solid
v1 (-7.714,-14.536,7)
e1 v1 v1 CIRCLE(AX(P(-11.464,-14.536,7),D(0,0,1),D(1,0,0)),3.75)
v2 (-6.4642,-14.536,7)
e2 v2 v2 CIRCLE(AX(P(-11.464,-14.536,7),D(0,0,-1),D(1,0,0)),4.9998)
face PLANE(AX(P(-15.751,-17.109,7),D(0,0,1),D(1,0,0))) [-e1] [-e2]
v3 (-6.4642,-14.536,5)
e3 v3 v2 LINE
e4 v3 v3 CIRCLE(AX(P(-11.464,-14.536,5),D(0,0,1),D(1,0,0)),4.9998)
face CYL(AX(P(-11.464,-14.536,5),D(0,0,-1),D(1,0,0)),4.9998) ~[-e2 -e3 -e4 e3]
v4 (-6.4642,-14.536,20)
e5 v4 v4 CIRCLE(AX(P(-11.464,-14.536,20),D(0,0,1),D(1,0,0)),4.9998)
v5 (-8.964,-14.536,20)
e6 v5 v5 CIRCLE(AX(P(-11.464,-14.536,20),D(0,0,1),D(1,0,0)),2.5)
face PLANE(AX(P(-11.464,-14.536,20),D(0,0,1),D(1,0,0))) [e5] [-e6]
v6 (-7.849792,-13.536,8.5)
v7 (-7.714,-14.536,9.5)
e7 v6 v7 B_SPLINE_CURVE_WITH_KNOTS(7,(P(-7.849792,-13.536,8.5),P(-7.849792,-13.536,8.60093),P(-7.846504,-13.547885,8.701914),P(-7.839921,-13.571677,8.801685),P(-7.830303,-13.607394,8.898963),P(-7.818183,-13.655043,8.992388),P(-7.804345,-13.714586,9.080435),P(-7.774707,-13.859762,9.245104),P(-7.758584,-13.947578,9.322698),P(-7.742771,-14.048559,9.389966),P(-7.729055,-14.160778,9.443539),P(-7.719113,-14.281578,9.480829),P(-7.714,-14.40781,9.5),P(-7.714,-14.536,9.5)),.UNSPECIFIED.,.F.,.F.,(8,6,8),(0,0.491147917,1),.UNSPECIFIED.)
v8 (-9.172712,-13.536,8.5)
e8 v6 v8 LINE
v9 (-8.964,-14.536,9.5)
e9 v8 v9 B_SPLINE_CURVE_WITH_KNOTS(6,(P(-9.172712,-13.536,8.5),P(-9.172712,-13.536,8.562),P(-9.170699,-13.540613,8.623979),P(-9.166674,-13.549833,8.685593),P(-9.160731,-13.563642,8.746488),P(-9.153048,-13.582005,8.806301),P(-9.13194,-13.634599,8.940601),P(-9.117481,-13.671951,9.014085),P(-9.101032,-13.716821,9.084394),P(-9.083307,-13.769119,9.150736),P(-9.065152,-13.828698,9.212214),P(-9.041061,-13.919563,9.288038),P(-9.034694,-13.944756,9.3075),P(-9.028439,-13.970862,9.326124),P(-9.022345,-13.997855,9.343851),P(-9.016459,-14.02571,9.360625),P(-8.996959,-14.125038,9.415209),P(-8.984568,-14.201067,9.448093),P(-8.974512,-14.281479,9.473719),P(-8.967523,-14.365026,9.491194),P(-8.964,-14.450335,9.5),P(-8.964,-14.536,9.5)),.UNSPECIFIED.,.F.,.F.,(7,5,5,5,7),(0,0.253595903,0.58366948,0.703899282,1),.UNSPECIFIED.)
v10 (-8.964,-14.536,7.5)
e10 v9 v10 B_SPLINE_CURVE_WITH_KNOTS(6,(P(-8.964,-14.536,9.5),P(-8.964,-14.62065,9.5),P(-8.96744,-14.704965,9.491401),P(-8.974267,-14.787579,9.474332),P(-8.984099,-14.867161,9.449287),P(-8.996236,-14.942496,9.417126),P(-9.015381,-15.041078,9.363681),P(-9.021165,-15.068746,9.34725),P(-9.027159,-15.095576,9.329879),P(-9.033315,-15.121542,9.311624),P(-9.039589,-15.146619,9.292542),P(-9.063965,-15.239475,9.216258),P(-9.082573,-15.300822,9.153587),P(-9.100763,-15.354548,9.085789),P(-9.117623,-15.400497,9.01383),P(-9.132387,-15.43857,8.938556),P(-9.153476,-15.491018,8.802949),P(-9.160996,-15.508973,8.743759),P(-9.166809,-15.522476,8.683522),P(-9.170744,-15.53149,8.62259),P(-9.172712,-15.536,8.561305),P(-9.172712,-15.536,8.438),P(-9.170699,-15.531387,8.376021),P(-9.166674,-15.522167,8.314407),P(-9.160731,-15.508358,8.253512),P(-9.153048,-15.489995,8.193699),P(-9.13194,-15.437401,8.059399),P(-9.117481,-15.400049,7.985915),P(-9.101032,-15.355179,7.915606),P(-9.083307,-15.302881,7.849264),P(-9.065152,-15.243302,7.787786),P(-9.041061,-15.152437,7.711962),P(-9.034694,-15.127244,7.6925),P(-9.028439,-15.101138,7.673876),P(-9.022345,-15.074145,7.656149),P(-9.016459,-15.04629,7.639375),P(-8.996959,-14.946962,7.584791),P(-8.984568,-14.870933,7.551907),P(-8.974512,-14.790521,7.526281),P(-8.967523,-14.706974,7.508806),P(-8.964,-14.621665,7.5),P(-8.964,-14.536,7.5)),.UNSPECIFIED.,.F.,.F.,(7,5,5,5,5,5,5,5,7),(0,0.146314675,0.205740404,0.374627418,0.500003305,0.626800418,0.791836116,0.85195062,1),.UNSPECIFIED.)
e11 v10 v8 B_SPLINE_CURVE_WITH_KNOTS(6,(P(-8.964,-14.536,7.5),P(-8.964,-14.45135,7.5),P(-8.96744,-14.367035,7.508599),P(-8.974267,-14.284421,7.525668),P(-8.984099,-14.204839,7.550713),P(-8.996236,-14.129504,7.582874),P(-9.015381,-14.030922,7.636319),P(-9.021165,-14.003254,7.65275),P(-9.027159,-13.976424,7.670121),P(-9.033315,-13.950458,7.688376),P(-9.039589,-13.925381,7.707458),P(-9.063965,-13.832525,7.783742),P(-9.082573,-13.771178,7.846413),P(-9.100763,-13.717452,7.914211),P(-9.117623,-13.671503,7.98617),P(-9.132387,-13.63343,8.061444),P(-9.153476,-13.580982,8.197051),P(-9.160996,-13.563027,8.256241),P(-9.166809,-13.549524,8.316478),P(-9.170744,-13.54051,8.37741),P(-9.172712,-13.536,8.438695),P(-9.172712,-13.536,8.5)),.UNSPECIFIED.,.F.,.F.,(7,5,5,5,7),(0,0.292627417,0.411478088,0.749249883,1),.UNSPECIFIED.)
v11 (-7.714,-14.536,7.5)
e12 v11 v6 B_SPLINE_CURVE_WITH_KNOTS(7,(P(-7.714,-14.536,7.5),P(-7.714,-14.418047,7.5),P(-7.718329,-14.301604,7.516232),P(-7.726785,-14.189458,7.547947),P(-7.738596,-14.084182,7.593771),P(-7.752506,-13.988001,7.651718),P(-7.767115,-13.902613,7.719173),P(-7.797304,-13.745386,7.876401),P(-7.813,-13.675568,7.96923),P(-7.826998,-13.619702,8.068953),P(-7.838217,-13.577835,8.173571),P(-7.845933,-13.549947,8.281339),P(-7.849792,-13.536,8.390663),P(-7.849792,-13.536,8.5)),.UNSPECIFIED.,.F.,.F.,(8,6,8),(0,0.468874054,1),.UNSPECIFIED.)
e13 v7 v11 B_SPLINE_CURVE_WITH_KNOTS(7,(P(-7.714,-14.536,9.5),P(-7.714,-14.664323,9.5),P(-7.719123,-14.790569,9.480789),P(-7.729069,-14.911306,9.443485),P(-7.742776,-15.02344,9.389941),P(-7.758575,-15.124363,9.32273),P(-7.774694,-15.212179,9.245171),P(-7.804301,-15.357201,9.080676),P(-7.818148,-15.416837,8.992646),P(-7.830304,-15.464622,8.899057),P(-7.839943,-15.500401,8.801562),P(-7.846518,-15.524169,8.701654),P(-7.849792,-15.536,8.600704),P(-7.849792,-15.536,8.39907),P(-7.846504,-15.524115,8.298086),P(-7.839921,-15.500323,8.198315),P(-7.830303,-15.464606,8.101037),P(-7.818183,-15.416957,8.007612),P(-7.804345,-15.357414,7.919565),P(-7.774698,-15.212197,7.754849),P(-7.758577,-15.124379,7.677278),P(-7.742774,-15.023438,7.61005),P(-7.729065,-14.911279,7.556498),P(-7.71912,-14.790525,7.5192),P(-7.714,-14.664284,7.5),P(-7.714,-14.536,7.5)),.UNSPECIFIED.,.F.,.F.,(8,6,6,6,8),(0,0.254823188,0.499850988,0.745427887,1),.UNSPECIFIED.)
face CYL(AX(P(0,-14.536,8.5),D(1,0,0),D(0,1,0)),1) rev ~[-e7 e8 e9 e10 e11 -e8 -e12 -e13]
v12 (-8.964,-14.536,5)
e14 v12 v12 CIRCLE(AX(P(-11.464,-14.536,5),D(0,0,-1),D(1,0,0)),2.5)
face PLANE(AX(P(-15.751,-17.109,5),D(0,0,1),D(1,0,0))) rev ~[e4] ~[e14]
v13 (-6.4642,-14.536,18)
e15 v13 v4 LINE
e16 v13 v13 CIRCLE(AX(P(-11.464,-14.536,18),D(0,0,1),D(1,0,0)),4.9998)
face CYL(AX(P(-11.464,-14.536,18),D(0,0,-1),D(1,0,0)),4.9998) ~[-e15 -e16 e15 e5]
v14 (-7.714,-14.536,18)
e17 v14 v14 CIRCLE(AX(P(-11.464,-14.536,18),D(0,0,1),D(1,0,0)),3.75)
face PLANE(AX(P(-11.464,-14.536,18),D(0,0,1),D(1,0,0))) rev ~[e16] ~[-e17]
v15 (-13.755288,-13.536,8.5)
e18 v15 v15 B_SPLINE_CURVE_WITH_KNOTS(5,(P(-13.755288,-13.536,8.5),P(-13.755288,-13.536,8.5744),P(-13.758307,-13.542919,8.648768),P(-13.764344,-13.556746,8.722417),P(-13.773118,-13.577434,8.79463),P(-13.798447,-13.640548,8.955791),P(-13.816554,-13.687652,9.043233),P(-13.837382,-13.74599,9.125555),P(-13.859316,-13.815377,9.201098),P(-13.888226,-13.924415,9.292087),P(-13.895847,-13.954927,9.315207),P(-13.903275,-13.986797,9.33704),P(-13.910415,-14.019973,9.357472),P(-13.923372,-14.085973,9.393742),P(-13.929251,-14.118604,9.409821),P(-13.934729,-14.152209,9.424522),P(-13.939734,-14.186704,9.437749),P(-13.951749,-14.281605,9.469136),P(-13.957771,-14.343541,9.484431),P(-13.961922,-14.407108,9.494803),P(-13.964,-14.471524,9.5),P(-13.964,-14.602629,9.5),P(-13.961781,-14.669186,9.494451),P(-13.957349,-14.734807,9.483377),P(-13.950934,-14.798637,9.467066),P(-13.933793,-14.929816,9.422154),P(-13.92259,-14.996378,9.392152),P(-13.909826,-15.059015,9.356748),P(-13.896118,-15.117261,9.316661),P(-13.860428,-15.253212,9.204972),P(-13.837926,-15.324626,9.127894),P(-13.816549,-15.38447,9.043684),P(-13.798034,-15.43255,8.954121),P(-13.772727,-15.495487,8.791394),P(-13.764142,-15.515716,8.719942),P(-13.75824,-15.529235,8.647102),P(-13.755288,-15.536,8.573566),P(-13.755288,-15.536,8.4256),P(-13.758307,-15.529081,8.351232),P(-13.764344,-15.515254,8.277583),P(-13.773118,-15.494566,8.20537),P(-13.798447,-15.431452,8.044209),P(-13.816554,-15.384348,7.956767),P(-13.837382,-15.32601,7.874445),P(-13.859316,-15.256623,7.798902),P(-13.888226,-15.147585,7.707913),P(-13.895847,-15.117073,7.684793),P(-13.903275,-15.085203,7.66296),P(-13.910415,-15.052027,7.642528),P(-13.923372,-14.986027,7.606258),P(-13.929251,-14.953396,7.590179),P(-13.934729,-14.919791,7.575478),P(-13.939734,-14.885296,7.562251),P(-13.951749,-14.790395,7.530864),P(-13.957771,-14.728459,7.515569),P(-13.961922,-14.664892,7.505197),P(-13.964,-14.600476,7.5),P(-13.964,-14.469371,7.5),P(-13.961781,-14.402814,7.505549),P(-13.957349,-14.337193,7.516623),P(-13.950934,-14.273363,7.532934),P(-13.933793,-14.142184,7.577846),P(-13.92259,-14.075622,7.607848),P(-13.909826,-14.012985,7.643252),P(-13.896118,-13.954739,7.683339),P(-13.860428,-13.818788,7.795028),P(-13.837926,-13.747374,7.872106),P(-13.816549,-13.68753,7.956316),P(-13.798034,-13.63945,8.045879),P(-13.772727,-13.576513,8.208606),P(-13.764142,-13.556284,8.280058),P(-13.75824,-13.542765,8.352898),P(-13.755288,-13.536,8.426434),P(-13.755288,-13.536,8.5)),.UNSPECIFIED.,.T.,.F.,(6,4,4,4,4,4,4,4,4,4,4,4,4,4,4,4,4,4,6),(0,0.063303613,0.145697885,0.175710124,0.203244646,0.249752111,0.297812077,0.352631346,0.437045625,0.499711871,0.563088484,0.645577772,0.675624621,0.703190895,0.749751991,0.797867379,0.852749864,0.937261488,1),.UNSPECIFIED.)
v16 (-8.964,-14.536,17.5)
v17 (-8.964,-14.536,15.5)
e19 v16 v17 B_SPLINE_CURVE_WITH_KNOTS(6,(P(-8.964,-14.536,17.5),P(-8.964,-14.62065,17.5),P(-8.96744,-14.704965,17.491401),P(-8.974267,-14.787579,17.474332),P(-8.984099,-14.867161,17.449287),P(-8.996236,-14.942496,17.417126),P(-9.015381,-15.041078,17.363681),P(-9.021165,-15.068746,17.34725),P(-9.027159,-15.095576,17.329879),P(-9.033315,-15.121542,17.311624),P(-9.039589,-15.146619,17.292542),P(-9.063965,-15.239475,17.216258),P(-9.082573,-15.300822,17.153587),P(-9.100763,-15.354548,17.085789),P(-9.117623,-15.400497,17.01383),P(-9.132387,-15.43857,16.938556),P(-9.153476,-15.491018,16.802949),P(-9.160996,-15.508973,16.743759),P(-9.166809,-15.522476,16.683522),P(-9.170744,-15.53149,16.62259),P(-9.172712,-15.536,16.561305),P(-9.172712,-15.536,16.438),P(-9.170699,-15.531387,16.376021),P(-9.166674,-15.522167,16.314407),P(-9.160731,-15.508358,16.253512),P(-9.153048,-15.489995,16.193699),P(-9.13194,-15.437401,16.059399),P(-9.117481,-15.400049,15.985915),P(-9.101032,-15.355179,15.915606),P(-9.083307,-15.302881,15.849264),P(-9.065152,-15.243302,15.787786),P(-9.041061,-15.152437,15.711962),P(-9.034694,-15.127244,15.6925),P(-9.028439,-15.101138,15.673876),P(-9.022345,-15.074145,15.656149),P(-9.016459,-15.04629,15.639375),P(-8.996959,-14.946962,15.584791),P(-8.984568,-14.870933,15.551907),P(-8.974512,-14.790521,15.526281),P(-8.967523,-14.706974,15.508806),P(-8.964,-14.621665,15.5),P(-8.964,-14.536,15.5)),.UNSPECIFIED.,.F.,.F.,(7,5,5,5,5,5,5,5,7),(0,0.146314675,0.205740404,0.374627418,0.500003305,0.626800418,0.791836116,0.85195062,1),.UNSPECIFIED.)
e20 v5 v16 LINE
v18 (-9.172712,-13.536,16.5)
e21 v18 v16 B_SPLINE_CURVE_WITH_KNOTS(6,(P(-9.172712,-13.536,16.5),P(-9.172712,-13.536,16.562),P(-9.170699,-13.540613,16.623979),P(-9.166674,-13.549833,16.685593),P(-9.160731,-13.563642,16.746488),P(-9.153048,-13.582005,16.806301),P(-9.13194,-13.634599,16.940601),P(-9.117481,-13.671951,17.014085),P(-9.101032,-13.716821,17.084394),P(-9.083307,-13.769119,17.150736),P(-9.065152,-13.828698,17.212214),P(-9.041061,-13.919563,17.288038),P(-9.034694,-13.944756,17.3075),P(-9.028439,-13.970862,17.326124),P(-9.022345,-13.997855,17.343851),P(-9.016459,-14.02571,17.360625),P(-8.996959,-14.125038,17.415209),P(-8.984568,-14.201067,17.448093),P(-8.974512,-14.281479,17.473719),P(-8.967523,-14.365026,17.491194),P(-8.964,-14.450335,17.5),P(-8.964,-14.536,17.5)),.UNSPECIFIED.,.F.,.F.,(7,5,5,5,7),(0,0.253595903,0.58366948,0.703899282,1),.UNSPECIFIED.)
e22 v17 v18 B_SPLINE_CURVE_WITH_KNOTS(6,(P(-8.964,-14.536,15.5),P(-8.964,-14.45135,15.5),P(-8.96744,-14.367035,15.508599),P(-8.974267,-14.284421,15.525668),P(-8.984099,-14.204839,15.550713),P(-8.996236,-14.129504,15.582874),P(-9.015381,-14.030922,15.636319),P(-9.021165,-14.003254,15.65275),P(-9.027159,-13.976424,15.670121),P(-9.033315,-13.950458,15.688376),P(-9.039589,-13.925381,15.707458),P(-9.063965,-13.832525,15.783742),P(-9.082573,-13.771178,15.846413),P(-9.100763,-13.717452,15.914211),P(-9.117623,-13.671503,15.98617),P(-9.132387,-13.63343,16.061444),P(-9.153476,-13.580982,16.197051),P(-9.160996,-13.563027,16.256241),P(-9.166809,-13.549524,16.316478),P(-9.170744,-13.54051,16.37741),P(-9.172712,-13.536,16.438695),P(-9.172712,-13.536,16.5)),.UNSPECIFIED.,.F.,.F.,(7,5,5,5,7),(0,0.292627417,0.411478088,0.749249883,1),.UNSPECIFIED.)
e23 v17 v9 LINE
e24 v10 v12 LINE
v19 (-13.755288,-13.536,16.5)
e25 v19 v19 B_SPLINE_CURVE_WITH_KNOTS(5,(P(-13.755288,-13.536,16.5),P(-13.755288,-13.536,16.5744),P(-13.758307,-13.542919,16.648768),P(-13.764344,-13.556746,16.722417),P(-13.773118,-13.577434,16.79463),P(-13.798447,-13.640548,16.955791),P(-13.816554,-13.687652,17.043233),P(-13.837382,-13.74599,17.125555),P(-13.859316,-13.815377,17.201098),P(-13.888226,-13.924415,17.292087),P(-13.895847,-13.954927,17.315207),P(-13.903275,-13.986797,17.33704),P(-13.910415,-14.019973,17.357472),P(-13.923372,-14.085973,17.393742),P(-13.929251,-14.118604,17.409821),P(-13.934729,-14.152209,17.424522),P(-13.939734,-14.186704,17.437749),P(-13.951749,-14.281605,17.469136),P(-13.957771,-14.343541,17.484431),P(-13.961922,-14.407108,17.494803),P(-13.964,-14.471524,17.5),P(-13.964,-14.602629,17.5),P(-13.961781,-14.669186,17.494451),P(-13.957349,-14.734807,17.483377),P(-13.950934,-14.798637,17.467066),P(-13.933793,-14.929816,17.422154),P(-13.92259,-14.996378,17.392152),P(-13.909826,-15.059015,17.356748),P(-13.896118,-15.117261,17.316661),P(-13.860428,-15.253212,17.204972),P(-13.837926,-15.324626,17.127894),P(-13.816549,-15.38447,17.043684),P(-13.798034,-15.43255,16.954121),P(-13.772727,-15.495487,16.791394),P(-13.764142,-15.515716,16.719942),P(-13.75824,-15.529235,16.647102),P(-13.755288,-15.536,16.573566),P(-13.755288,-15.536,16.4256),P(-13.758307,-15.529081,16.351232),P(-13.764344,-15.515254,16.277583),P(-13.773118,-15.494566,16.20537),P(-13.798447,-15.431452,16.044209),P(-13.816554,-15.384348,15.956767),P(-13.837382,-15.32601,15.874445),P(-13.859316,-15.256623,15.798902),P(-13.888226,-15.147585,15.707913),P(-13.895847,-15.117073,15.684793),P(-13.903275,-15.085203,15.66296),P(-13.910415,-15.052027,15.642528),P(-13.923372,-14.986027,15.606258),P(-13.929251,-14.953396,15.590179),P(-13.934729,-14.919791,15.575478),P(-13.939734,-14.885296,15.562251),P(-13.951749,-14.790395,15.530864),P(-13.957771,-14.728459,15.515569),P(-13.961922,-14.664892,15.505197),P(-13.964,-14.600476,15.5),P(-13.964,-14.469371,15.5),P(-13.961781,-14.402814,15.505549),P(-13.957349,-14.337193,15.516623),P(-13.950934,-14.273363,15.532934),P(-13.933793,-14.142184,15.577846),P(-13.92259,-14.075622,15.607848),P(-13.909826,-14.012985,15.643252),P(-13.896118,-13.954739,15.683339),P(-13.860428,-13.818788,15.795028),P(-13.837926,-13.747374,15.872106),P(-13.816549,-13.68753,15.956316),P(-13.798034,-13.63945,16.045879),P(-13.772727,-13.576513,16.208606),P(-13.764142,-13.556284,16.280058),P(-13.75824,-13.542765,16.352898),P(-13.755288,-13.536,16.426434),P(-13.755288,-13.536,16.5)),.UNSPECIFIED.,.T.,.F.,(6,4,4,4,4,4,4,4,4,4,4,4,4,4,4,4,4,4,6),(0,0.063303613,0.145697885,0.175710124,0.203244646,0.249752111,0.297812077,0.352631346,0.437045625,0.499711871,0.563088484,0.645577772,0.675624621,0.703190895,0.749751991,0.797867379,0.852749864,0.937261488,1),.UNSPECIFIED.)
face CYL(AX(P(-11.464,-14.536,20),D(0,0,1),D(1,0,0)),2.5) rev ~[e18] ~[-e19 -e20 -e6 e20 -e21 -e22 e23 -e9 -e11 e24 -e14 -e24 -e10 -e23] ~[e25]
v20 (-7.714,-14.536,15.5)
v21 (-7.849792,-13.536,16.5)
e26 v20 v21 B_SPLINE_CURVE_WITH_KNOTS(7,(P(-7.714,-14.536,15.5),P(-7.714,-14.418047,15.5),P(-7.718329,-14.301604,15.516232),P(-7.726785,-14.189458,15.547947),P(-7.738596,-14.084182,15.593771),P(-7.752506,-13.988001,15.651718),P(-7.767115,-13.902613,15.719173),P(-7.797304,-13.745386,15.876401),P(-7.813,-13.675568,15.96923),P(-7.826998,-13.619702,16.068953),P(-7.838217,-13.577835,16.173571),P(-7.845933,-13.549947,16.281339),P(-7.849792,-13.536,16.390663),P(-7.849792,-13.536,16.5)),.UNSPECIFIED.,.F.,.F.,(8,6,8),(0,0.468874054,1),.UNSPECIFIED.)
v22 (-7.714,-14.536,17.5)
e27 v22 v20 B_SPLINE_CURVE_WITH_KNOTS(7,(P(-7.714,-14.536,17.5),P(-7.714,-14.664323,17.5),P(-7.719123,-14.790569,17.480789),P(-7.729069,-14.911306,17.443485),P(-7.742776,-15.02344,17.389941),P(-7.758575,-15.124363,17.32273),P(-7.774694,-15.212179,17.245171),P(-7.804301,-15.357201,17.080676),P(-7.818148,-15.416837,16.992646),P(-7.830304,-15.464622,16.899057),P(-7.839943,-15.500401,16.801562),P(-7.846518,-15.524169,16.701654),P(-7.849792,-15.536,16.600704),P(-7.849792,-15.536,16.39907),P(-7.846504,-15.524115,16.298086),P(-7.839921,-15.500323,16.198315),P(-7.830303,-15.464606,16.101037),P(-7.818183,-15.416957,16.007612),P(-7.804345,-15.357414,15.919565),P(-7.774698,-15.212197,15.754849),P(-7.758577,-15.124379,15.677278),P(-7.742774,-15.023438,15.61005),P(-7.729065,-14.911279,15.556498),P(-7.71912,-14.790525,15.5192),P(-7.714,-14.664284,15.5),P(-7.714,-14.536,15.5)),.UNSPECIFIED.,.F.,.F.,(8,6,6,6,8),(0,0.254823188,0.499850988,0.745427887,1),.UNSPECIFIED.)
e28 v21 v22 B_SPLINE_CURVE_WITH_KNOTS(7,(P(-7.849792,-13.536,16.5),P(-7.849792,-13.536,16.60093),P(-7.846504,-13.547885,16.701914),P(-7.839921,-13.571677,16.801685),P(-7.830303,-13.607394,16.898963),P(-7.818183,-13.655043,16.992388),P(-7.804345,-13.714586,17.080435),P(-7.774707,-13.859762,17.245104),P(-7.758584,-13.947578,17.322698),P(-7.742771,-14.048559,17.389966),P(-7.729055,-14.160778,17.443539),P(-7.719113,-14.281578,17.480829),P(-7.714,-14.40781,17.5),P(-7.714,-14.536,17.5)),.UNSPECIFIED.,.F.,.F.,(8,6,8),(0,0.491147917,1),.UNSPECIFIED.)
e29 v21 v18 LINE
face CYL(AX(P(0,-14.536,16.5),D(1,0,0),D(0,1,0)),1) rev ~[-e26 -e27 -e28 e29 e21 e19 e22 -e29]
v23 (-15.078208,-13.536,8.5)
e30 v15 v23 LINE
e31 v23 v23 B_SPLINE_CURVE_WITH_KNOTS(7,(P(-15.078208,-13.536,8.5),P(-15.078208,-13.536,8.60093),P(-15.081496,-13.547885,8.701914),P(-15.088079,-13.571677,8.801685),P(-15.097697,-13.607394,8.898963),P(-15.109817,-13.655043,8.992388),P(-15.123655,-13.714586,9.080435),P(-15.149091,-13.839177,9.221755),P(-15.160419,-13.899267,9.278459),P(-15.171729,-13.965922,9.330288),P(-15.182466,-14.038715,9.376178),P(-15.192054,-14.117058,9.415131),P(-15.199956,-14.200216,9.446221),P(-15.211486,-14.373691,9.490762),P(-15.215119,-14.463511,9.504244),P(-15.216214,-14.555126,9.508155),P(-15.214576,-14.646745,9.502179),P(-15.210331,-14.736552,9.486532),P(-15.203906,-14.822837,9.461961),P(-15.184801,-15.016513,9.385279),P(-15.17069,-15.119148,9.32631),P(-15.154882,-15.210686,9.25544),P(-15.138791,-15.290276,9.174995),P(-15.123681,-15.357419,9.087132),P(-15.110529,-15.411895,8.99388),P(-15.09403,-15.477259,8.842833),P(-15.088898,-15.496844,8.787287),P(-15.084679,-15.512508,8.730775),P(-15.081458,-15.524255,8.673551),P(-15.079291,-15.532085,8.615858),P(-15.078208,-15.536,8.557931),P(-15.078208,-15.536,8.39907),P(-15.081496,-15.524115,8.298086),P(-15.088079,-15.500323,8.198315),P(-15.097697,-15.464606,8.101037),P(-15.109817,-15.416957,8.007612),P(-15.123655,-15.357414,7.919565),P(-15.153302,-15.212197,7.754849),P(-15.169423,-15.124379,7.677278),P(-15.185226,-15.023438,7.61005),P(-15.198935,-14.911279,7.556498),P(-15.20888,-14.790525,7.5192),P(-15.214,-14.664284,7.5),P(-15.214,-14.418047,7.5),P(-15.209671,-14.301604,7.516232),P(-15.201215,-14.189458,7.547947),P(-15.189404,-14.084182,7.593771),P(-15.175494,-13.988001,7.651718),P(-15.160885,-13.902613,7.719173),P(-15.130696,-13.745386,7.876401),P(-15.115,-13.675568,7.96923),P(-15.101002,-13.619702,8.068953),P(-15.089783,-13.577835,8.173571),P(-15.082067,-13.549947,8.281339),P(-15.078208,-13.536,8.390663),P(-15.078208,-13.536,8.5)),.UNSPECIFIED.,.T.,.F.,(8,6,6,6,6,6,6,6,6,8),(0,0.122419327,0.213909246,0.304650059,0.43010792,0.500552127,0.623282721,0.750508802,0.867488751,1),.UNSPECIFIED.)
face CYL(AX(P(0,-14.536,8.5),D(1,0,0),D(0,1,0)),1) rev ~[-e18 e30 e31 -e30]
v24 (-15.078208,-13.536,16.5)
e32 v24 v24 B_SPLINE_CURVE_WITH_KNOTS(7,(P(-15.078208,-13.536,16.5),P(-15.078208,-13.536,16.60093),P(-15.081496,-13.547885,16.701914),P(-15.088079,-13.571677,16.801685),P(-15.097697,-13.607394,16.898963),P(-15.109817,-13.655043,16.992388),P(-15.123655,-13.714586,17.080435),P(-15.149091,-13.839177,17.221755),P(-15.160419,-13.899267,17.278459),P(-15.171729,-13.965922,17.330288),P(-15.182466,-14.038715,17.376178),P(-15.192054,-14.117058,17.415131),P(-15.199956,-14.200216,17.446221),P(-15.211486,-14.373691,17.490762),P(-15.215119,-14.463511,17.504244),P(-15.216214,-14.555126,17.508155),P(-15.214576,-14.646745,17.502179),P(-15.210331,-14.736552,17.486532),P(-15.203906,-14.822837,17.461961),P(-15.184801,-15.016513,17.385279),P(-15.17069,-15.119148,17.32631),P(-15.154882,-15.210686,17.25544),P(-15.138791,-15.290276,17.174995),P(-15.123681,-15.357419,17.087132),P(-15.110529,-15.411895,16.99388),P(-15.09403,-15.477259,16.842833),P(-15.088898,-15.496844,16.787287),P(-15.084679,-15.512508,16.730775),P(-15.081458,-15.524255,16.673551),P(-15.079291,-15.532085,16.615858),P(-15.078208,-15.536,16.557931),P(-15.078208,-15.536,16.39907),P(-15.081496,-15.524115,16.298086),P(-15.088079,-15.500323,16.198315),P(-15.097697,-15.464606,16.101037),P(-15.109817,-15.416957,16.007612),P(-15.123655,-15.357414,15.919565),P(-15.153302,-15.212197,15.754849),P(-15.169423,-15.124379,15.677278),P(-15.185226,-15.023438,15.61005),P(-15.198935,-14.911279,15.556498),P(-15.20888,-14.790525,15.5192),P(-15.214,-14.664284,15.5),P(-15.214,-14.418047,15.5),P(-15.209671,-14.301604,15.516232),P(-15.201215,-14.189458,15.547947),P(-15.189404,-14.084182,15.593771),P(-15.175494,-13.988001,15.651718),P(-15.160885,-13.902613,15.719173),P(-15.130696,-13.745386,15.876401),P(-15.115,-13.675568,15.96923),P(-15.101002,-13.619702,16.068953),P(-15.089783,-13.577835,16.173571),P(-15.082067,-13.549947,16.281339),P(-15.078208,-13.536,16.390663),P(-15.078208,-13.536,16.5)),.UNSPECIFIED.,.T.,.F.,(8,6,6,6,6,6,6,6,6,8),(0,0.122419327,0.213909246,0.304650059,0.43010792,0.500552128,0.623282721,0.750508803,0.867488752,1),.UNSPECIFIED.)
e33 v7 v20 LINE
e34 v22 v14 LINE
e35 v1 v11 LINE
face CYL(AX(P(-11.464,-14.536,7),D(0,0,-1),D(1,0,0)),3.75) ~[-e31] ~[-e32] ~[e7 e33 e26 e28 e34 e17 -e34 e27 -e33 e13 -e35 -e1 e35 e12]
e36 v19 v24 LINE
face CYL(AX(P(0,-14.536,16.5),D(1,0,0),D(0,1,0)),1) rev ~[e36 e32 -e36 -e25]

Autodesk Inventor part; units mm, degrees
ref_plane "YZ Plane" through (0, 0, 0) normal (1, 0, 0) x (0, 1, 0)
ref_plane "XZ Plane" through (0, 0, 0) normal (0, 1, 0) x (-1, 0, 0)
ref_plane "XY Plane" through (0, 0, 0) normal (0, 0, 1) x (1, 0, 0)
sketch "Boceto1" plane through (-15.751, -17.109, 5) normal (0, 0, 1) x (1, 0, 0)
  line L0 (0, 0) -> (8.574, 5.146)
  circle A0 centre (4.287, 2.573) radius 4.9998
  point P0 (15.751, 17.109)
extrude "Extrusión1" add sketch "Boceto1" along normal blind 2
sketch "Boceto2" plane through (-11.464, -14.536, 7) normal (0, 0, 1) x (1, 0, 0)
  circle A0 centre (0, 0) radius 3.75
  point P0 (11.464, 14.536)
  dimension "d2" = 7.5
extrude "Extrusión2" add sketch "Boceto2" along normal blind 11
sketch "Boceto3" plane through (-11.464, -14.536, 18) normal (0, 0, 1) x (1, 0, 0)
  circle A0 centre (0, 0) radius 4.9998
  point P0 (11.464, 14.536)
extrude "Extrusión3" add sketch "Boceto3" along normal blind 2
sketch "Boceto4" plane through (-11.464, -14.536, 20) normal (0, 0, 1) x (1, 0, 0)
  circle A0 centre (0, 0) radius 2.5
  point P0 (11.464, 14.536)
  dimension "d7" = 5
extrude "Extrusión4" cut sketch "Boceto4" against normal blind 22
sketch "Boceto5" plane through (0, 0, 0) normal (1, 0, 0) x (0, 1, 0)
  line L0 (-18.286, 7) -> (-10.786, 7) projected
  line L1 (-14.536, 7) -> (-14.536, 8.5)
  line L2 (-14.536, 8.5) -> (-14.536, 18)
  line L3 (-10.786, 18) -> (-18.286, 18) projected
  line L4 (-14.536, 18) -> (-14.536, 16.5)
  circle A0 centre (-14.536, 16.5) radius 1
  circle A1 centre (-14.536, 8.5) radius 1
  point P0 (0, 0)
  dimension "d10" = 1.5
  dimension "d11" = 1.5
  dimension "d12" = 2
  dimension "d13" = 2
extrude "Extrusión5" cut sketch "Boceto5" against normal blind 22
sketch "Boceto7" plane through (-15.751, -17.109, 5) normal (0, 0, 1) x (1, 0, 0)
  circle A0 centre (4.287, 2.573) radius 2.5 projected
  circle A1 centre (4.287, 2.573) radius 2.5
  point P0 (15.751, 17.109)
extrude "Extrusión6" add sketch "Boceto7" against normal blind 5
sketch "Boceto8" plane through (-11.464, -14.536, 0) normal (0, 0, -1) x (-1, 0, 0)
  circle A0 centre (0, 0) radius 2.5
  point P0 (-11.464, 14.536)
extrude "Extrusión7" cut sketch "Boceto8" against normal blind 5
properties part number "eng_chic_2_1"
